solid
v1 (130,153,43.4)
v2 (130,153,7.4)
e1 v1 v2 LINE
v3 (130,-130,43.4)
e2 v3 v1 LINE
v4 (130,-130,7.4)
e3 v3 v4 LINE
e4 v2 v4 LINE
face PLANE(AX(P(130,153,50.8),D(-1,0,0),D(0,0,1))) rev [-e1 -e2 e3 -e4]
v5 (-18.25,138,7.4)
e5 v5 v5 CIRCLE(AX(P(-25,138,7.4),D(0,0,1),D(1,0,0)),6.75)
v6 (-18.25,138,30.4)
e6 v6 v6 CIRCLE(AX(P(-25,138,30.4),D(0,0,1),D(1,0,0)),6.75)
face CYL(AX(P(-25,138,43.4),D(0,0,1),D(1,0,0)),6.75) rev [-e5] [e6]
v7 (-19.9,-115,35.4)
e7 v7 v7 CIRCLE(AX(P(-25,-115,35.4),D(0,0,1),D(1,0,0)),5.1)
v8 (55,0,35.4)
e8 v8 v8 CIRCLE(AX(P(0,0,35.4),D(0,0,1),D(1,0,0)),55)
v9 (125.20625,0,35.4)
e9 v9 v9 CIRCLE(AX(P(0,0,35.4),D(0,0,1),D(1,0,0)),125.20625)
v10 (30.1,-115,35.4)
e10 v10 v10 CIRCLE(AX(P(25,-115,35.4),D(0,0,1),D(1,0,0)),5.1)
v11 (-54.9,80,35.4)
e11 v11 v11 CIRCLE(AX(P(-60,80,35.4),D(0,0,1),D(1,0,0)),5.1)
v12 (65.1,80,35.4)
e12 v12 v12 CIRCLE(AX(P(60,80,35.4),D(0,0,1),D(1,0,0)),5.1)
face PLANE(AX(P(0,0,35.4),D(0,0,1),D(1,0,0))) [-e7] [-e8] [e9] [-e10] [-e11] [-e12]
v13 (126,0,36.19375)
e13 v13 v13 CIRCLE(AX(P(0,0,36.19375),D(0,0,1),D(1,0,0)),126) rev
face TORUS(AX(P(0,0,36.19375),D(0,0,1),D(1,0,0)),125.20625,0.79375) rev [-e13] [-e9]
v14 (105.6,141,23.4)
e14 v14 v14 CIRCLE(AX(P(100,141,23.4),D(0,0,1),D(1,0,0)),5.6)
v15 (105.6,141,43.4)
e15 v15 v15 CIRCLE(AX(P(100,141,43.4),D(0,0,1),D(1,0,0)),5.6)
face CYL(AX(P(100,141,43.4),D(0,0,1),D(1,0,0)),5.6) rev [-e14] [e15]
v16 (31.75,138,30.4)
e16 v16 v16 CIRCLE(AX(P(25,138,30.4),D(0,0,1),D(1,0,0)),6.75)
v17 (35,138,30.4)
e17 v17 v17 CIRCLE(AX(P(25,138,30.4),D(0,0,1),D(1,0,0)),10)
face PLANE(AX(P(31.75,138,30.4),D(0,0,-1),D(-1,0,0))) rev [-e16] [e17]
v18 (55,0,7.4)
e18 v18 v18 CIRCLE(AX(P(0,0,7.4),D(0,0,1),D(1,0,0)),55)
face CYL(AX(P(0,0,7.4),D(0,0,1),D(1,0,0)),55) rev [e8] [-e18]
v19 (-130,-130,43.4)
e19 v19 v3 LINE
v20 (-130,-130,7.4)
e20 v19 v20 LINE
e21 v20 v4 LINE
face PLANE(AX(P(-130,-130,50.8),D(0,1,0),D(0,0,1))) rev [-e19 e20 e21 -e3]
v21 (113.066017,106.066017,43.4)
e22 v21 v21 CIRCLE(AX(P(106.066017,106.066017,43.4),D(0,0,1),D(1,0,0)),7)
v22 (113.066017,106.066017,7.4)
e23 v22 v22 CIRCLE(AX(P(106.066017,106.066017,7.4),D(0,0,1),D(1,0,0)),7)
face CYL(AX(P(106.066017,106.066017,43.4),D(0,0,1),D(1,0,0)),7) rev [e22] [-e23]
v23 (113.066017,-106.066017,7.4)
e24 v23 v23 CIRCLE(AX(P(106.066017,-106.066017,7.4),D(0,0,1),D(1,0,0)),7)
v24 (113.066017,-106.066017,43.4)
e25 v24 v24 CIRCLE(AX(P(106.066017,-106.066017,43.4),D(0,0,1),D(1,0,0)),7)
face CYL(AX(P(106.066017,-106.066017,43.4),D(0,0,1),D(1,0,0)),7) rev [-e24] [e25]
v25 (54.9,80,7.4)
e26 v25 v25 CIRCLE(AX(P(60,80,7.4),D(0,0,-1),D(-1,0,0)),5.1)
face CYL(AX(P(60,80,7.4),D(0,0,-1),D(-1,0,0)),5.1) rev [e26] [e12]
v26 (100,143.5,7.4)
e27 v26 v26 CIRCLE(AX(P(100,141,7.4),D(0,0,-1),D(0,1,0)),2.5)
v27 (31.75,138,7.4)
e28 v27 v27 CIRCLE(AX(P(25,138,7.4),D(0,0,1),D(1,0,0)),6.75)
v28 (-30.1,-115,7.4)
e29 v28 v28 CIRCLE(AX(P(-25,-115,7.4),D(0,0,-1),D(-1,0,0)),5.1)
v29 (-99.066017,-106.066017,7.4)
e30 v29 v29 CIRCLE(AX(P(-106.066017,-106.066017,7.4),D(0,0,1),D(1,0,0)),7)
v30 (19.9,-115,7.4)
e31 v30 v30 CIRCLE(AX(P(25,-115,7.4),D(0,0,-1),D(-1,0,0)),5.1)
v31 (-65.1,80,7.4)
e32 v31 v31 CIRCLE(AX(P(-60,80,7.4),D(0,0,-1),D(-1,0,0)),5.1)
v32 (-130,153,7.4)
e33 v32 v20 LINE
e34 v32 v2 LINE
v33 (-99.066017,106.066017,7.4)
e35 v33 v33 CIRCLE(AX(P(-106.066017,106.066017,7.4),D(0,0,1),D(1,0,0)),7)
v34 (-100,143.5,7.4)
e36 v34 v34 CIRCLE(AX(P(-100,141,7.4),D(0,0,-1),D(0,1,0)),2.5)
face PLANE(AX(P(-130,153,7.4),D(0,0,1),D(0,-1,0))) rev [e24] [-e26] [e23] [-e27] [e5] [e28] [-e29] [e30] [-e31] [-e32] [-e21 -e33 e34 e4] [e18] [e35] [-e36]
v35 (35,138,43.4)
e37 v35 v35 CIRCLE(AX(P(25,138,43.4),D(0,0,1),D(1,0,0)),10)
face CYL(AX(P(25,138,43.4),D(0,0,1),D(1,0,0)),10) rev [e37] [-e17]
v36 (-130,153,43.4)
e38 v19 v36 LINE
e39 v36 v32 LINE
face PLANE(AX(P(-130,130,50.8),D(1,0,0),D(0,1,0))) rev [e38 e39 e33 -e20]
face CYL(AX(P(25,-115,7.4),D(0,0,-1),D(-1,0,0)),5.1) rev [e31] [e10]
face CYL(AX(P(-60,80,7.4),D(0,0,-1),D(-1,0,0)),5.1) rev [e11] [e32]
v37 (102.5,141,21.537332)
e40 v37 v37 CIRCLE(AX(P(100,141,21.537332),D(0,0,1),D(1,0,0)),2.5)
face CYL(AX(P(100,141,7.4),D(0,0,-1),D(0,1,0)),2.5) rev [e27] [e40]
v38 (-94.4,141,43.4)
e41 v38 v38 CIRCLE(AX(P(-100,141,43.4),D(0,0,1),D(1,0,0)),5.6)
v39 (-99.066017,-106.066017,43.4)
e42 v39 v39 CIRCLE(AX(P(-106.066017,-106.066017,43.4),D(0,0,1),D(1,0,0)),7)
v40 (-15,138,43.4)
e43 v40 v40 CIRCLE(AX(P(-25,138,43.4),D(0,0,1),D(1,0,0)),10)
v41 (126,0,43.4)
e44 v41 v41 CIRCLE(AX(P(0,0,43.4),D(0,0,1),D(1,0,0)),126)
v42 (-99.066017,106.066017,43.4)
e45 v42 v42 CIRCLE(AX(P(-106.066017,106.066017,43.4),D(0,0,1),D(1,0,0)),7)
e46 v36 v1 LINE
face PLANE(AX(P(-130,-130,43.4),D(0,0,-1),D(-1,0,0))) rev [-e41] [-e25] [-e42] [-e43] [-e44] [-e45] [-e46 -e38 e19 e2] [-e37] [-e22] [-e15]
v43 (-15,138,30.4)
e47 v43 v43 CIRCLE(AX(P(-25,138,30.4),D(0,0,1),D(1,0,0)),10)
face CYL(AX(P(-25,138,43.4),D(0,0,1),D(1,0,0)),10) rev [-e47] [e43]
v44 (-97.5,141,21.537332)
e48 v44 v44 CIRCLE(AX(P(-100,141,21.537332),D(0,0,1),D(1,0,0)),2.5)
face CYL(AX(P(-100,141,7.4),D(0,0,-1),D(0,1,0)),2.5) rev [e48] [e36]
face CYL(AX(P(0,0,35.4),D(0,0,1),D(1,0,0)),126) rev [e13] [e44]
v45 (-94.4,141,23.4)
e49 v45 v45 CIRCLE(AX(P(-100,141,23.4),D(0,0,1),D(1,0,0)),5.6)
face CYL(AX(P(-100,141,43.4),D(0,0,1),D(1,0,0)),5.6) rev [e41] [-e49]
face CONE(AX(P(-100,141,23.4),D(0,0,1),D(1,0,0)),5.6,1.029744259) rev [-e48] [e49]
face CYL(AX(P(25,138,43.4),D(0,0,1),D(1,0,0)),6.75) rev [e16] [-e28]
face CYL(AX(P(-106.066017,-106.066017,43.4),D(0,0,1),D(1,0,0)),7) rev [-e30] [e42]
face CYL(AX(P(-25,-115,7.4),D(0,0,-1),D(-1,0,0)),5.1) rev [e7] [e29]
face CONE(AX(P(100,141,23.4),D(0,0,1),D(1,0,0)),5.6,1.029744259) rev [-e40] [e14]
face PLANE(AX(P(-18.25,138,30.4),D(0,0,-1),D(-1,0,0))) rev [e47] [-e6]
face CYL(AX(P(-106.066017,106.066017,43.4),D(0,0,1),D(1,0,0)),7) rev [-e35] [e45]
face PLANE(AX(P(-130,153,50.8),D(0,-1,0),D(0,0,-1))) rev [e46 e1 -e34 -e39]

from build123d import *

# Parameters (mm, degrees)
BOSS_EXTRUDE1_DEPTH                                  = 50.8
SKETCH6_W                                            = 7.4
SKETCH6_H                                            = 283
CUT_EXTRUDE3_DEPTH                                   = 306.924238987
SKETCH2_R                                            = 126
CUT_EXTRUDE1_DEPTH                                   = 8
M16_TAPPED_HOLE1_D                                   = 14
SKETCH5_R                                            = 55
CUT_EXTRUDE2_DEPTH                                   = 203.714084365
FILLET1_R                                            = 0.79375
CBORE_FOR_M12_HEX_SOCKET_HEAD_CAP_SCREW1_D           = 13.5
CBORE_FOR_M12_HEX_SOCKET_HEAD_CAP_SCREW1_CBORE_D     = 20
CBORE_FOR_M12_HEX_SOCKET_HEAD_CAP_SCREW1_CBORE_DEPTH = 13
M12_TAPPED_HOLE1_D                                   = 10.2
M6_TAPPED_HOLE1_D                                    = 5
M6_TAPPED_HOLE1_DEPTH                                = 27.99
M6_TAPPED_HOLE1_TIP                                  = 1.502151548
F_11_2_11_2_DIAMETER_HOLE1_D                         = 11.2
F_11_2_11_2_DIAMETER_HOLE1_DEPTH                     = 20
F_11_2_11_2_DIAMETER_HOLE1_TIP                       = 3.364819467


with BuildPart() as part:
    # Sketch1 → Boss-Extrude1 (new body)
    with BuildSketch(Plane.XY):
        Polygon((-130, 130), (-130, -130), (130, -130), (130, 130), (130, 153), (-130, 153), align=None)
    extrude(amount=BOSS_EXTRUDE1_DEPTH)

    # Sketch6 → Cut-Extrude3 (cut, through all)
    with BuildSketch(Plane(origin=(130, 0, 0), x_dir=(0, 0, -1), z_dir=(1, 0, 0))):
        with Locations((-3.7, 11.5)):
            Rectangle(SKETCH6_W, SKETCH6_H)
        with Locations((-47.1, 11.5)):
            Rectangle(SKETCH6_W, SKETCH6_H)
    extrude(amount=-CUT_EXTRUDE3_DEPTH, mode=Mode.SUBTRACT)

    # Sketch2 → Cut-Extrude1 (cut)
    with BuildSketch(Plane.XY.offset(43.4)):
        Circle(SKETCH2_R)
    extrude(amount=-CUT_EXTRUDE1_DEPTH, mode=Mode.SUBTRACT)

    # M16 Tapped Hole1 (through all)
    with Locations(Plane(origin=(116.1053078, 120.483553204, 43.4), x_dir=(1, 0, 0), z_dir=(0, 0, 1))):
        with Locations((-222.171324978, -14.417536026), (-10.039290622, -14.417536026), (-10.039290622, -226.549570382), (-222.171324978, -226.549570382)):
            Hole(M16_TAPPED_HOLE1_D / 2)

    # Sketch5 → Cut-Extrude2 (cut, through all)
    with BuildSketch(Plane.XY.offset(35.4)):
        Circle(SKETCH5_R)
    extrude(amount=-CUT_EXTRUDE2_DEPTH, mode=Mode.SUBTRACT)

    # Fillet1
    fillet1_edges = [part.edges().sort_by_distance(p)[0] for p in [
        (-126, 0, 35.4),
    ]]
    fillet(fillet1_edges, radius=FILLET1_R)

    # CBORE for M12 Hex Socket Head Cap Screw1 (through all)
    with Locations(Plane.XY.offset(43.4)):
        with Locations((-25, 138), (25, 138)):
            CounterBoreHole(CBORE_FOR_M12_HEX_SOCKET_HEAD_CAP_SCREW1_D / 2, CBORE_FOR_M12_HEX_SOCKET_HEAD_CAP_SCREW1_CBORE_D / 2, CBORE_FOR_M12_HEX_SOCKET_HEAD_CAP_SCREW1_CBORE_DEPTH)

    # M12 Tapped Hole1 (through all)
    with Locations(Plane(origin=(0, 0, 7.4), x_dir=(-1, 0, 0), z_dir=(0, 0, -1))):
        with Locations((-60, 80), (60, 80), (25, -115), (-25, -115)):
            Hole(M12_TAPPED_HOLE1_D / 2)

    # M6 Tapped Hole1
    with Locations(Plane(origin=(0, 0, 7.4), x_dir=(-1, 0, 0), z_dir=(0, 0, -1))):
        with Locations((100, 141), (-100, 141)):
            Hole(M6_TAPPED_HOLE1_D / 2, depth=M6_TAPPED_HOLE1_DEPTH)
            with Locations((0, 0, -(M6_TAPPED_HOLE1_DEPTH + M6_TAPPED_HOLE1_TIP / 2))):  # 118° drill point
                Cone(0, M6_TAPPED_HOLE1_D / 2, M6_TAPPED_HOLE1_TIP, mode=Mode.SUBTRACT)

    # Ø11.2 (11.2) Diameter Hole1
    with Locations(Plane.XY.offset(43.4)):
        with Locations((100, 141), (-100, 141)):
            Hole(F_11_2_11_2_DIAMETER_HOLE1_D / 2, depth=F_11_2_11_2_DIAMETER_HOLE1_DEPTH)
            with Locations((0, 0, -(F_11_2_11_2_DIAMETER_HOLE1_DEPTH + F_11_2_11_2_DIAMETER_HOLE1_TIP / 2))):  # 118° drill point
                Cone(0, F_11_2_11_2_DIAMETER_HOLE1_D / 2, F_11_2_11_2_DIAMETER_HOLE1_TIP, mode=Mode.SUBTRACT)


solid = part.part
